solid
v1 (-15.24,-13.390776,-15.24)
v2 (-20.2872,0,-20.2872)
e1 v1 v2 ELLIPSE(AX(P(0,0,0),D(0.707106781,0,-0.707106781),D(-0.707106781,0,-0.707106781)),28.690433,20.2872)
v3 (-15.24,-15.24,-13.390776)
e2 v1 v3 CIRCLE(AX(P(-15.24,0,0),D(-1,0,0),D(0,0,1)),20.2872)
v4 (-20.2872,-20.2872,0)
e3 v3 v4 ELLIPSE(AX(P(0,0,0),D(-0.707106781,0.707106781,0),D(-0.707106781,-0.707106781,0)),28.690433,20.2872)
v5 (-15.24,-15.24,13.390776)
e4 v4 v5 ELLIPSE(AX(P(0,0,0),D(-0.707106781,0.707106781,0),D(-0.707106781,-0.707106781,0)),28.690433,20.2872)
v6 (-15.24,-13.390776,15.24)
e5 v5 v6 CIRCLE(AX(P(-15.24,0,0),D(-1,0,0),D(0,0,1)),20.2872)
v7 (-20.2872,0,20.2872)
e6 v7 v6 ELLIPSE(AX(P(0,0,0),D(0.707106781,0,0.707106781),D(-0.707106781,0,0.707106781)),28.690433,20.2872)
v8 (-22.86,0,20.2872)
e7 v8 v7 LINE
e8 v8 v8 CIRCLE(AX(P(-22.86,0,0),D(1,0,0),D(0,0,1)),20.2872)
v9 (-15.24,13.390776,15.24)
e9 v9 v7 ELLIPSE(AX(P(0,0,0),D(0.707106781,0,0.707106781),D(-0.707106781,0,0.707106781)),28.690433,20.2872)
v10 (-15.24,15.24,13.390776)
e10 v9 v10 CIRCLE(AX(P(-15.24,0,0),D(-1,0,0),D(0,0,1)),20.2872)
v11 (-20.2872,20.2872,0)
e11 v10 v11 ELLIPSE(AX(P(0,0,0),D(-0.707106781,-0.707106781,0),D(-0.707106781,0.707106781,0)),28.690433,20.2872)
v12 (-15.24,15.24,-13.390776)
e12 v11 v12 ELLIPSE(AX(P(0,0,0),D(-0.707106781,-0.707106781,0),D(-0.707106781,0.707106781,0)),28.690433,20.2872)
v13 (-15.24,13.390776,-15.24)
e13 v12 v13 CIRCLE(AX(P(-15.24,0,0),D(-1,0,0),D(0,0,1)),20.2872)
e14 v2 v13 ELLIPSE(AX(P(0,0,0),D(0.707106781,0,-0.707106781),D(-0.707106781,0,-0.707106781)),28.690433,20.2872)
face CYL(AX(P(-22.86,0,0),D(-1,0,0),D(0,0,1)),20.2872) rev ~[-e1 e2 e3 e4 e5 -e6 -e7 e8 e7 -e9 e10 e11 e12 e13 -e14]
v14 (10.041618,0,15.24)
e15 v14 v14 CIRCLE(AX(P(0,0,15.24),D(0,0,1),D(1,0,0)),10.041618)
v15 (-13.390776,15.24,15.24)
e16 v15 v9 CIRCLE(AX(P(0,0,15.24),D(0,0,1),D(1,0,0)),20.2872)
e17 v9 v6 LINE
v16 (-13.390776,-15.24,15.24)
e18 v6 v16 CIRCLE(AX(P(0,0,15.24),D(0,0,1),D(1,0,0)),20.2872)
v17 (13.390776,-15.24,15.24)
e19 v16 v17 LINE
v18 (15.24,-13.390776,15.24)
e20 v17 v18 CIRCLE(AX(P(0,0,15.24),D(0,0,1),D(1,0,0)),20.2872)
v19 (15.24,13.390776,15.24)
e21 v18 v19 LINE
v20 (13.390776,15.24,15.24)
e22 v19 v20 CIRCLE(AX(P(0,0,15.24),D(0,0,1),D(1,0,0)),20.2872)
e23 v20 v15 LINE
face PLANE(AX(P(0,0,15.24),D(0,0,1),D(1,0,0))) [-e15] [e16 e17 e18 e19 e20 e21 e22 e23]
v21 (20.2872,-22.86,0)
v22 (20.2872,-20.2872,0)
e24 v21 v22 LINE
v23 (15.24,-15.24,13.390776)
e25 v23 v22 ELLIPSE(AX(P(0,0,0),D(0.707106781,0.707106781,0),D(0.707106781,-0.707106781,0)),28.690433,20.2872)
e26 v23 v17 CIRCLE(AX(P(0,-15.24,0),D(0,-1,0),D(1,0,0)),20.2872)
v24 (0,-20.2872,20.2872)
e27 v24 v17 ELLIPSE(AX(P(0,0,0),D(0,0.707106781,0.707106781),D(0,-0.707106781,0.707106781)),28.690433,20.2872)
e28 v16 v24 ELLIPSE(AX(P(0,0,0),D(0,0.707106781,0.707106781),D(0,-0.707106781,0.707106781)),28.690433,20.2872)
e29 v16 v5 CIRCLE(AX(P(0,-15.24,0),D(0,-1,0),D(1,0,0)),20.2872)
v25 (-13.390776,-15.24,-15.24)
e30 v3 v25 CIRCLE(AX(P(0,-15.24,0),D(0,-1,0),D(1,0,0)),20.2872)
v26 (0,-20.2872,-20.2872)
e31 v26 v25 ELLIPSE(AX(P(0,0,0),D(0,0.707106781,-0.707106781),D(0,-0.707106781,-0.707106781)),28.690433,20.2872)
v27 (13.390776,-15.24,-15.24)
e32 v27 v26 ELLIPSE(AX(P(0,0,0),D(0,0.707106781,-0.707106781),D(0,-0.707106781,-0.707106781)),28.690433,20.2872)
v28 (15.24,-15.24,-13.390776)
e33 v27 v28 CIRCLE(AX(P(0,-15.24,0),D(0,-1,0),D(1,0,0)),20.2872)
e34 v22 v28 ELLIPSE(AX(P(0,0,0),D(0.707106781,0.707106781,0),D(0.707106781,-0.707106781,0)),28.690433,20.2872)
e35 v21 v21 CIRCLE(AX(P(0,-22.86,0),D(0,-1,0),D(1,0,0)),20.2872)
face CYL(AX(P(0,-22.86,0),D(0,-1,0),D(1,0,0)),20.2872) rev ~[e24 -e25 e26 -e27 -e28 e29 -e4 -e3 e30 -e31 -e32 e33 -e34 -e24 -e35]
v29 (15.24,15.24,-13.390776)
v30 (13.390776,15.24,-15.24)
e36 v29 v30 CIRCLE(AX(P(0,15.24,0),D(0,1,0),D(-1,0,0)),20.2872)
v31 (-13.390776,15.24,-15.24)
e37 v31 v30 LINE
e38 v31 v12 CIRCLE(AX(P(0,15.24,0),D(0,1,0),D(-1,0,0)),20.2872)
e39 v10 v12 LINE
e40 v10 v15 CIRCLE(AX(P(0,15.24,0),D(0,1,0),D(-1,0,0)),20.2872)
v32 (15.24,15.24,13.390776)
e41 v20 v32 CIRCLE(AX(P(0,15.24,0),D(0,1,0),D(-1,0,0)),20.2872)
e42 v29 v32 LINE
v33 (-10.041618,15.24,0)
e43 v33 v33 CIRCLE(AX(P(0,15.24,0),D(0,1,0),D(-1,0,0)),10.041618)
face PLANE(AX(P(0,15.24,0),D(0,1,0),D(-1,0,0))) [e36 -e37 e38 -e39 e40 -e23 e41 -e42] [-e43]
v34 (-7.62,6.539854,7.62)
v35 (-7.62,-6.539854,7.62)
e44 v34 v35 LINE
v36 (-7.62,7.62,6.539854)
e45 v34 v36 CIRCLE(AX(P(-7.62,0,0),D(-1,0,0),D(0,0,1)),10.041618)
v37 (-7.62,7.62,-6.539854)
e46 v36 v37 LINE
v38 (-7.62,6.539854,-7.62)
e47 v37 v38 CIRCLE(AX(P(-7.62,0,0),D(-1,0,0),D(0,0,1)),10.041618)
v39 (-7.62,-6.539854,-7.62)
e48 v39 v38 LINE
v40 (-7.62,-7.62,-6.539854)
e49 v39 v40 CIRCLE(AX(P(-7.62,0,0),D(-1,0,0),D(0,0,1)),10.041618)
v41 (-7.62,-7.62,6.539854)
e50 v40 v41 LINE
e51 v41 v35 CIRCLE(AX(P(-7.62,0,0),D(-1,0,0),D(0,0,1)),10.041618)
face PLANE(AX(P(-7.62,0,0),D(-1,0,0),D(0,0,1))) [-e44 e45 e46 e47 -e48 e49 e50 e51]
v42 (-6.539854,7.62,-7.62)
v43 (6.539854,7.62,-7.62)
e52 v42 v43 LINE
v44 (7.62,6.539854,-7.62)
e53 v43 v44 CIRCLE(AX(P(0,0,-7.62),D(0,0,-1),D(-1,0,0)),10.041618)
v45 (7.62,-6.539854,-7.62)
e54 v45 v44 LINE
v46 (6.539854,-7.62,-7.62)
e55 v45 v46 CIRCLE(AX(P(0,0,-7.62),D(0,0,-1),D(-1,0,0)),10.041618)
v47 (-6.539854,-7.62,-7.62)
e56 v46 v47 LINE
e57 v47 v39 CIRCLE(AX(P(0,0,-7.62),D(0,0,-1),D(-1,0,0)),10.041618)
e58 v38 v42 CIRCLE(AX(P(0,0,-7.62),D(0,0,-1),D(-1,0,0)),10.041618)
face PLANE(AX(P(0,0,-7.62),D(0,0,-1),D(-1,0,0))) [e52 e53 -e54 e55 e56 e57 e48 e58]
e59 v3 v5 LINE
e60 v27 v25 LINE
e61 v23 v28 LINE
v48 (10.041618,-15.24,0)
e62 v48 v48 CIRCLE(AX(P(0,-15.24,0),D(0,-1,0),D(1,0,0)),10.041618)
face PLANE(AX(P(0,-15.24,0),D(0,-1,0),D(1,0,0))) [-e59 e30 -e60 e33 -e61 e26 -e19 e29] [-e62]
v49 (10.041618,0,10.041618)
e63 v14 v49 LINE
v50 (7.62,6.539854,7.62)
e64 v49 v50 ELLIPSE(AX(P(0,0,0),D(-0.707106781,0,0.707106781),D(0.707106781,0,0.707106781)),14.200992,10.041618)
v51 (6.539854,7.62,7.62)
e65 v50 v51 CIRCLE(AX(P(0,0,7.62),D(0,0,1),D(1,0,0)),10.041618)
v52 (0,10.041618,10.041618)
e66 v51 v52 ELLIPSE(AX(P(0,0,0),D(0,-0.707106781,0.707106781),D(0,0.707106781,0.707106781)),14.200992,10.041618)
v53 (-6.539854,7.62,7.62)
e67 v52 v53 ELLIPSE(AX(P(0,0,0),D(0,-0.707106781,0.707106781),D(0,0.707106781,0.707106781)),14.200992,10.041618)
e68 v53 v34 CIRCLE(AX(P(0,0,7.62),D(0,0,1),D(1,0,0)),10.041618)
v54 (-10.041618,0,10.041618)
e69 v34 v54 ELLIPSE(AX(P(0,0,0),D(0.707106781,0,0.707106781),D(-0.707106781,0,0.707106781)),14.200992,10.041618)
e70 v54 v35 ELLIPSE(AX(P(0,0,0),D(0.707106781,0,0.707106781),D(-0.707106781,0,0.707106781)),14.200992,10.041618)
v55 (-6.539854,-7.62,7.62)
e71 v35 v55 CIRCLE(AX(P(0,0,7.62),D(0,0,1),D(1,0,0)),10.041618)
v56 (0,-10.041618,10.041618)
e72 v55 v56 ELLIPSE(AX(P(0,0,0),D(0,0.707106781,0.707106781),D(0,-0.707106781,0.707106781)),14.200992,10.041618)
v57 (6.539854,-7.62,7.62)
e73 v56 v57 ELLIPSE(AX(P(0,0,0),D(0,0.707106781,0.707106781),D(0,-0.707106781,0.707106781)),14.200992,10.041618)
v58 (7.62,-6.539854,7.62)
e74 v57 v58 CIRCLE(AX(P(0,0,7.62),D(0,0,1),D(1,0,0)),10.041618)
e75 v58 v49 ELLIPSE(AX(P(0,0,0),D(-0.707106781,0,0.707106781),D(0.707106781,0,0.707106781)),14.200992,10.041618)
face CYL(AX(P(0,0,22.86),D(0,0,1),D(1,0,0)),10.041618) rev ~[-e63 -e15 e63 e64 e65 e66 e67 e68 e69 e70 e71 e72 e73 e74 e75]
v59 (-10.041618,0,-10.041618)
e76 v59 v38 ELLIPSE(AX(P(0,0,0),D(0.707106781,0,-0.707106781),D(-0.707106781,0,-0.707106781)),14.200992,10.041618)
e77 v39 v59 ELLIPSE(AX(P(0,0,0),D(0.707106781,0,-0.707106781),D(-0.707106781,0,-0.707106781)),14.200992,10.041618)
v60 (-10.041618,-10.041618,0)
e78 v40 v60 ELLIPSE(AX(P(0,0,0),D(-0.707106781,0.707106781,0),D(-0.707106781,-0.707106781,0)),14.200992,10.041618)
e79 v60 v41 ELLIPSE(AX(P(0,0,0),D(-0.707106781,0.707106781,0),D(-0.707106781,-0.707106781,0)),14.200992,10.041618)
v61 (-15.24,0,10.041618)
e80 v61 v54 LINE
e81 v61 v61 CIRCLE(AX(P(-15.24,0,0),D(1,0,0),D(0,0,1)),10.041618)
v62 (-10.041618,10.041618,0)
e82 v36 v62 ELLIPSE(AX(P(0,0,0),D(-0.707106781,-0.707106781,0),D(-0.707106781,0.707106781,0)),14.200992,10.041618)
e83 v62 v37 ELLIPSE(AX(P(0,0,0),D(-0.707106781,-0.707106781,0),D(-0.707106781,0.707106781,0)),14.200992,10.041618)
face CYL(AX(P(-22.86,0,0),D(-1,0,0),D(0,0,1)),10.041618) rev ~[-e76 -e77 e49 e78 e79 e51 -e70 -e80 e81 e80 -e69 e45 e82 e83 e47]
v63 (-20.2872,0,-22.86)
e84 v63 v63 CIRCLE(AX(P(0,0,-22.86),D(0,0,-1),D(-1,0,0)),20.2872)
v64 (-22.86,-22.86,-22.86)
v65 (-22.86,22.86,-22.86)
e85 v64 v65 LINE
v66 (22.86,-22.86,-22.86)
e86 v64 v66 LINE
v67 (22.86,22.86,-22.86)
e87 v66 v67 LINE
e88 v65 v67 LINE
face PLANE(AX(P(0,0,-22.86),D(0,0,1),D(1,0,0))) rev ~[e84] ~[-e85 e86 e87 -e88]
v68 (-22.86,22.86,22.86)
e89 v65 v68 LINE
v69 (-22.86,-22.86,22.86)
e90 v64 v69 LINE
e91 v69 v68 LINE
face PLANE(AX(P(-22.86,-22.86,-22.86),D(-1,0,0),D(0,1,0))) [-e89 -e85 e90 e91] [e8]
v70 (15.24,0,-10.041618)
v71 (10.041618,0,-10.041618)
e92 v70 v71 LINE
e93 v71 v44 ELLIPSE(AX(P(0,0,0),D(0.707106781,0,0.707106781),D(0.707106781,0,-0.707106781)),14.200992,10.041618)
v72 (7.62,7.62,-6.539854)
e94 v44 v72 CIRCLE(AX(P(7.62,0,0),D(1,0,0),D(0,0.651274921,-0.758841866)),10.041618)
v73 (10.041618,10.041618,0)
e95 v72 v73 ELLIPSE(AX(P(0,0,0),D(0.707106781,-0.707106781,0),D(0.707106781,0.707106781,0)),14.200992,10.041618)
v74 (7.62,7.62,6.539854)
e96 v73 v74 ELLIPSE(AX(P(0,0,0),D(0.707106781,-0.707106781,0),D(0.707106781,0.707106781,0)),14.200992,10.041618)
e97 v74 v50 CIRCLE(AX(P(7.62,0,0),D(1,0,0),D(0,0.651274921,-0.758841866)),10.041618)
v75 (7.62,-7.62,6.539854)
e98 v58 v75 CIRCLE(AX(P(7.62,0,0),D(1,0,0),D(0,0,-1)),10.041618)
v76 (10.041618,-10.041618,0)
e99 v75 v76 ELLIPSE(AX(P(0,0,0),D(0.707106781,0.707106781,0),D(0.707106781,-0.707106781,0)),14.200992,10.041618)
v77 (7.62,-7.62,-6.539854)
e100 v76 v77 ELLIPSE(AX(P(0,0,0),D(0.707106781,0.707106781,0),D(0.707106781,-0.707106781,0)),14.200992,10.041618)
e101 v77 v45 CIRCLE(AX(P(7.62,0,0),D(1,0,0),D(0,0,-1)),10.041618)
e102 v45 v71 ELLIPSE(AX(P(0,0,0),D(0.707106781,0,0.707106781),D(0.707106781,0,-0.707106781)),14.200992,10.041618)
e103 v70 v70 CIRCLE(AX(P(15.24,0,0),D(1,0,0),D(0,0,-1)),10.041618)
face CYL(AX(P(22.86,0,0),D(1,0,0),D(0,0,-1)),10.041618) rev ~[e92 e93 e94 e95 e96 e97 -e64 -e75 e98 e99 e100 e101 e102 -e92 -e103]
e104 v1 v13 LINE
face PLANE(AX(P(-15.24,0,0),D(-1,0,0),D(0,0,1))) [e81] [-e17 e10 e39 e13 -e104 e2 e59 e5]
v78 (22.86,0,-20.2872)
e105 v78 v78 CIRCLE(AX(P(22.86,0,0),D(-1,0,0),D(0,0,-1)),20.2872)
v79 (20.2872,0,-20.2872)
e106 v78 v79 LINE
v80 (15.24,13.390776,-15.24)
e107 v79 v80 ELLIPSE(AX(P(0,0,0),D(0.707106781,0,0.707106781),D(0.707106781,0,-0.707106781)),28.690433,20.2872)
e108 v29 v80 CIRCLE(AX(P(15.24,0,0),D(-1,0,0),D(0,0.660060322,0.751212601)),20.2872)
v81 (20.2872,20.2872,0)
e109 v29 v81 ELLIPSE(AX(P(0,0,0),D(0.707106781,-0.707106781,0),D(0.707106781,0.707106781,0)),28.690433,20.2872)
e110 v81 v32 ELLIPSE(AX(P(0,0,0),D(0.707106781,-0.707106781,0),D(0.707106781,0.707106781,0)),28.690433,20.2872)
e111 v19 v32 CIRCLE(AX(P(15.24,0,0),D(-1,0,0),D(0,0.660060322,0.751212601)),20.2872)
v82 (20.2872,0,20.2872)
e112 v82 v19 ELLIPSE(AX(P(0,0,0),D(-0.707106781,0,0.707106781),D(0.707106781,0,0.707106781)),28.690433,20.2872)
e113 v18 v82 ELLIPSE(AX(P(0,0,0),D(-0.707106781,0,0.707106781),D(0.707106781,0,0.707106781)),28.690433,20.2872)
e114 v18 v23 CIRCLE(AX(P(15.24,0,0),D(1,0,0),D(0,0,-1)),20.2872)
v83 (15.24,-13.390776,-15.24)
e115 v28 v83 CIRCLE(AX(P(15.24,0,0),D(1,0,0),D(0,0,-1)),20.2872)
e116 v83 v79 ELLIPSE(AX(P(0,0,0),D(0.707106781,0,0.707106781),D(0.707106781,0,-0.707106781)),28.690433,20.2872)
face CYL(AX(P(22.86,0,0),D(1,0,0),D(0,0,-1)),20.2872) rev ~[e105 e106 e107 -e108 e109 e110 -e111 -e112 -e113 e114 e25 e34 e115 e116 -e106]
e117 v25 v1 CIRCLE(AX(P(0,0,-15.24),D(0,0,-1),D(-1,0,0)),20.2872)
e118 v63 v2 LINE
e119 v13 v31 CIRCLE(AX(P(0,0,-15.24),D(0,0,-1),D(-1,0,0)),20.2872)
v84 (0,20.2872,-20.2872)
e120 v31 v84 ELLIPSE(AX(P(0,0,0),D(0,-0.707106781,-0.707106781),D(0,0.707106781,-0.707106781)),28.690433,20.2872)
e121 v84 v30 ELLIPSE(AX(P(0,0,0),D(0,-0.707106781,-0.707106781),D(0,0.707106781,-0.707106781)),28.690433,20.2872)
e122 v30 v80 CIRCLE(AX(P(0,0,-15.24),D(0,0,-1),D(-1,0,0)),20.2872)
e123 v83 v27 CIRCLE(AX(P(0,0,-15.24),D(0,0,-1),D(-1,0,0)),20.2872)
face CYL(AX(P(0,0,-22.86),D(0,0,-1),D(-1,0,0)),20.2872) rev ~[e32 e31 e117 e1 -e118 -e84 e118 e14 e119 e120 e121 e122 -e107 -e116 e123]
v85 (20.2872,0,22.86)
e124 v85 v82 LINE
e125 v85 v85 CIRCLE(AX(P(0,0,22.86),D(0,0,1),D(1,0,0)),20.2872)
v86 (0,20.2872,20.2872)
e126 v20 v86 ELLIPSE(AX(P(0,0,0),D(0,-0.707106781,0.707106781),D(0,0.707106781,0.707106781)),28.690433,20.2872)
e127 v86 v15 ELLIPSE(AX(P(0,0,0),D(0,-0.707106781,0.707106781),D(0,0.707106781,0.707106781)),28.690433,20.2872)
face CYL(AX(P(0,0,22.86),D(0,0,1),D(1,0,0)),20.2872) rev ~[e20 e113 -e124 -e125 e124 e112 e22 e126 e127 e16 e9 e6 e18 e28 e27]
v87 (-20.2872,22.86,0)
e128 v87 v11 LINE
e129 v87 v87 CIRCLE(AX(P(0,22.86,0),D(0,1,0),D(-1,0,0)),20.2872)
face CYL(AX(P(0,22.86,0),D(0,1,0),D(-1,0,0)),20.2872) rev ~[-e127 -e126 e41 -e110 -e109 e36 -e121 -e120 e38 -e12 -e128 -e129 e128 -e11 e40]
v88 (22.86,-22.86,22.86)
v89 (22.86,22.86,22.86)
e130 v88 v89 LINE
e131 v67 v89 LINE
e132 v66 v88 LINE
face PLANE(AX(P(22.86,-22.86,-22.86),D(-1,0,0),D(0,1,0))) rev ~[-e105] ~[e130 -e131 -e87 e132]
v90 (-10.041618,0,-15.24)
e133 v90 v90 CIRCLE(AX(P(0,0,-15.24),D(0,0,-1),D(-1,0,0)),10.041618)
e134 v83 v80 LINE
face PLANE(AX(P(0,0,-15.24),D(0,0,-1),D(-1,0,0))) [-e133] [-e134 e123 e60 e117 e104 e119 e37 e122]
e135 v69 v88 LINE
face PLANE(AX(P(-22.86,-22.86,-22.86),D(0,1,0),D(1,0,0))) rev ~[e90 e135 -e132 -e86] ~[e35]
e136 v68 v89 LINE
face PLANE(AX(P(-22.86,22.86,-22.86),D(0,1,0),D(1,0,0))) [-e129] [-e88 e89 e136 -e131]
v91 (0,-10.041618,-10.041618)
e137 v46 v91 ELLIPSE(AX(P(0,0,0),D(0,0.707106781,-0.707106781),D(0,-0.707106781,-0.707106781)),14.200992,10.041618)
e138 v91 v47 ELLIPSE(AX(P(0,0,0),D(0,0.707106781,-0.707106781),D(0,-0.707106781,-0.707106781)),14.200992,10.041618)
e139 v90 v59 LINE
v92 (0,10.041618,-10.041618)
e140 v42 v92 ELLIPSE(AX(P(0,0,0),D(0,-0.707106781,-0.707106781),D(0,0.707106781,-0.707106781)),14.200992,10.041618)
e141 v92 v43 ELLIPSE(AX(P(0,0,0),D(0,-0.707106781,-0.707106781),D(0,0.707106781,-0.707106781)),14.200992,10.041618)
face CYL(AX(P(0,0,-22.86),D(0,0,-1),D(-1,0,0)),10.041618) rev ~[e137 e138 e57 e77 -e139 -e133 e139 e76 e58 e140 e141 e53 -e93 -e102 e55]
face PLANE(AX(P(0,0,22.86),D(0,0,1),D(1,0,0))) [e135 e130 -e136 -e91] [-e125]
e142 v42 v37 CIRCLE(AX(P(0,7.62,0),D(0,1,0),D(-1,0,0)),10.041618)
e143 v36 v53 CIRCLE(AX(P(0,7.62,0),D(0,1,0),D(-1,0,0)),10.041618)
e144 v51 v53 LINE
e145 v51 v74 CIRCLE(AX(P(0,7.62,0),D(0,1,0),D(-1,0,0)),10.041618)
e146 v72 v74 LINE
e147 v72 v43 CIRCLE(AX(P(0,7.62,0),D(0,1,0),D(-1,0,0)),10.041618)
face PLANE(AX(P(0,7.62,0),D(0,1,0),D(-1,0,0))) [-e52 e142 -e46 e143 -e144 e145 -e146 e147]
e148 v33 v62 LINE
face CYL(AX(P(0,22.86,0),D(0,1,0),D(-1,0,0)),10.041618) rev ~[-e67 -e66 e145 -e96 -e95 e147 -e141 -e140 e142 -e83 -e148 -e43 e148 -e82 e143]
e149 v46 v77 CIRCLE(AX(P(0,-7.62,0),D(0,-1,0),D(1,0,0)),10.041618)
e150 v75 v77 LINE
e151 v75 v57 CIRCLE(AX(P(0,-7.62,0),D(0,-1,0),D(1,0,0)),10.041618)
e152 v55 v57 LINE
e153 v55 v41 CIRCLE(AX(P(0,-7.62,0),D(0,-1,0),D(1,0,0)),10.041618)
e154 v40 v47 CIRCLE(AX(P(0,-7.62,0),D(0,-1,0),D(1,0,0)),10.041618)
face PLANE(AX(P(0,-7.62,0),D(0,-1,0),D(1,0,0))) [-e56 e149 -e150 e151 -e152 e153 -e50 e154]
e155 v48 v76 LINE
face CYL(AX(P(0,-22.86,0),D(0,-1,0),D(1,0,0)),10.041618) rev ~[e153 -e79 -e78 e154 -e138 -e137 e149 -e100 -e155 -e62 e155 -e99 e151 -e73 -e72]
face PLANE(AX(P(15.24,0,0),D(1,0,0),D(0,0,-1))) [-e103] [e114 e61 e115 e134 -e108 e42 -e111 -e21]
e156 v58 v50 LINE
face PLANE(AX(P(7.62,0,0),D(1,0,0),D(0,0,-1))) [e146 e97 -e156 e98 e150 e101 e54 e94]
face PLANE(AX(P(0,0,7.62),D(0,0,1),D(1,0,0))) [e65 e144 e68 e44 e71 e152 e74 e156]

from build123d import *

# Parameters (mm, degrees)
BOSS_EXTRUDE1_DEPTH         = 22.86
BOSS_EXTRUDE1_DEPTH_BACK    = 22.86
SKETCH1_W                   = 45.72
SKETCH1_H                   = 45.72
SKETCH4_R                   = 20.287199642
CUT_EXTRUDE1_DEPTH          = 7.62
SKETCH5_R                   = 10.041617815
CUT_EXTRUDE2_DEPTH          = 15.24
CIRPATTERN1_COUNT           = 4
CIRPATTERN2_COPY_1_SKETCH_R = 20.287199642
CIRPATTERN2_COPY_1_DEPTH    = 7.62
CIRPATTERN2_COPY_2_SKETCH_R = 20.287199642
CIRPATTERN2_COPY_2_DEPTH    = 7.62
CIRPATTERN2_COPY_3_SKETCH_R = 20.287199642
CIRPATTERN2_COPY_3_DEPTH    = 7.62
CIRPATTERN2_COPY_4_SKETCH_R = 10.041617815
CIRPATTERN2_COPY_4_DEPTH    = 15.24
CIRPATTERN2_COPY_5_SKETCH_R = 10.041617815
CIRPATTERN2_COPY_5_DEPTH    = 15.24
CIRPATTERN2_COPY_6_SKETCH_R = 10.041617815
CIRPATTERN2_COPY_6_DEPTH    = 15.24
CIRPATTERN2_COPY_7_SKETCH_R = 20.287199642
CIRPATTERN2_COPY_7_DEPTH    = 7.62
CIRPATTERN2_COPY_8_SKETCH_R = 10.041617815
CIRPATTERN2_COPY_8_DEPTH    = 15.24


with BuildPart() as part:
    # Sketch1 → Boss-Extrude1 (new, two sides: drawn at the far end of the back side and taken through both)
    with BuildSketch(Plane.XY.offset(-BOSS_EXTRUDE1_DEPTH_BACK)):
        Rectangle(SKETCH1_W, SKETCH1_H)
    extrude(amount=BOSS_EXTRUDE1_DEPTH + BOSS_EXTRUDE1_DEPTH_BACK)

    # Sketch4 → Cut-Extrude1 (cut)
    with BuildSketch(Plane.XY.offset(22.86)):
        Circle(SKETCH4_R)
    cut_extrude1 = extrude(amount=-CUT_EXTRUDE1_DEPTH, mode=Mode.SUBTRACT)

    # Sketch5 → Cut-Extrude2 (cut)
    with BuildSketch(Plane.XY.offset(22.86)):
        Circle(SKETCH5_R)
    cut_extrude2 = extrude(amount=-CUT_EXTRUDE2_DEPTH, mode=Mode.SUBTRACT)

    # CirPattern1: Cut-Extrude1, Cut-Extrude2 ×4 about axis
    cirpattern1_axis = Axis((0, 25.146, 0), (0, -1, 0))
    add([cut_extrude1.rotate(cirpattern1_axis, i * 360 / CIRPATTERN1_COUNT) for i in range(1, CIRPATTERN1_COUNT)], mode=Mode.SUBTRACT)
    add([cut_extrude2.rotate(cirpattern1_axis, i * 360 / CIRPATTERN1_COUNT) for i in range(1, CIRPATTERN1_COUNT)], mode=Mode.SUBTRACT)

    # CirPattern2 copy 1 sketch → CirPattern2 copy 1 (cut)
    with BuildSketch(Plane(origin=(-22.86, 0, 0), x_dir=(0, -1, 0), z_dir=(-1, 0, 0))):
        Circle(CIRPATTERN2_COPY_1_SKETCH_R)
    extrude(amount=-CIRPATTERN2_COPY_1_DEPTH, mode=Mode.SUBTRACT)

    # CirPattern2 copy 2 sketch → CirPattern2 copy 2 (cut)
    with BuildSketch(Plane(origin=(0, 22.86, 0), x_dir=(-1, 0, 0), z_dir=(0, 1, 0))):
        Circle(CIRPATTERN2_COPY_2_SKETCH_R)
    extrude(amount=-CIRPATTERN2_COPY_2_DEPTH, mode=Mode.SUBTRACT)

    # CirPattern2 copy 3 sketch → CirPattern2 copy 3 (cut)
    with BuildSketch(Plane.YZ.offset(22.86)):
        Circle(CIRPATTERN2_COPY_3_SKETCH_R)
    extrude(amount=-CIRPATTERN2_COPY_3_DEPTH, mode=Mode.SUBTRACT)

    # CirPattern2 copy 4 sketch → CirPattern2 copy 4 (cut)
    with BuildSketch(Plane(origin=(-22.86, 0, 0), x_dir=(0, -1, 0), z_dir=(-1, 0, 0))):
        Circle(CIRPATTERN2_COPY_4_SKETCH_R)
    extrude(amount=-CIRPATTERN2_COPY_4_DEPTH, mode=Mode.SUBTRACT)

    # CirPattern2 copy 5 sketch → CirPattern2 copy 5 (cut)
    with BuildSketch(Plane(origin=(0, 22.86, 0), x_dir=(-1, 0, 0), z_dir=(0, 1, 0))):
        Circle(CIRPATTERN2_COPY_5_SKETCH_R)
    extrude(amount=-CIRPATTERN2_COPY_5_DEPTH, mode=Mode.SUBTRACT)

    # CirPattern2 copy 6 sketch → CirPattern2 copy 6 (cut)
    with BuildSketch(Plane.YZ.offset(22.86)):
        Circle(CIRPATTERN2_COPY_6_SKETCH_R)
    extrude(amount=-CIRPATTERN2_COPY_6_DEPTH, mode=Mode.SUBTRACT)

    # CirPattern2 copy 7 sketch → CirPattern2 copy 7 (cut)
    with BuildSketch(Plane.XZ.offset(22.86)):
        Circle(CIRPATTERN2_COPY_7_SKETCH_R)
    extrude(amount=-CIRPATTERN2_COPY_7_DEPTH, mode=Mode.SUBTRACT)

    # CirPattern2 copy 8 sketch → CirPattern2 copy 8 (cut)
    with BuildSketch(Plane.XZ.offset(22.86)):
        Circle(CIRPATTERN2_COPY_8_SKETCH_R)
    extrude(amount=-CIRPATTERN2_COPY_8_DEPTH, mode=Mode.SUBTRACT)


solid = part.part
